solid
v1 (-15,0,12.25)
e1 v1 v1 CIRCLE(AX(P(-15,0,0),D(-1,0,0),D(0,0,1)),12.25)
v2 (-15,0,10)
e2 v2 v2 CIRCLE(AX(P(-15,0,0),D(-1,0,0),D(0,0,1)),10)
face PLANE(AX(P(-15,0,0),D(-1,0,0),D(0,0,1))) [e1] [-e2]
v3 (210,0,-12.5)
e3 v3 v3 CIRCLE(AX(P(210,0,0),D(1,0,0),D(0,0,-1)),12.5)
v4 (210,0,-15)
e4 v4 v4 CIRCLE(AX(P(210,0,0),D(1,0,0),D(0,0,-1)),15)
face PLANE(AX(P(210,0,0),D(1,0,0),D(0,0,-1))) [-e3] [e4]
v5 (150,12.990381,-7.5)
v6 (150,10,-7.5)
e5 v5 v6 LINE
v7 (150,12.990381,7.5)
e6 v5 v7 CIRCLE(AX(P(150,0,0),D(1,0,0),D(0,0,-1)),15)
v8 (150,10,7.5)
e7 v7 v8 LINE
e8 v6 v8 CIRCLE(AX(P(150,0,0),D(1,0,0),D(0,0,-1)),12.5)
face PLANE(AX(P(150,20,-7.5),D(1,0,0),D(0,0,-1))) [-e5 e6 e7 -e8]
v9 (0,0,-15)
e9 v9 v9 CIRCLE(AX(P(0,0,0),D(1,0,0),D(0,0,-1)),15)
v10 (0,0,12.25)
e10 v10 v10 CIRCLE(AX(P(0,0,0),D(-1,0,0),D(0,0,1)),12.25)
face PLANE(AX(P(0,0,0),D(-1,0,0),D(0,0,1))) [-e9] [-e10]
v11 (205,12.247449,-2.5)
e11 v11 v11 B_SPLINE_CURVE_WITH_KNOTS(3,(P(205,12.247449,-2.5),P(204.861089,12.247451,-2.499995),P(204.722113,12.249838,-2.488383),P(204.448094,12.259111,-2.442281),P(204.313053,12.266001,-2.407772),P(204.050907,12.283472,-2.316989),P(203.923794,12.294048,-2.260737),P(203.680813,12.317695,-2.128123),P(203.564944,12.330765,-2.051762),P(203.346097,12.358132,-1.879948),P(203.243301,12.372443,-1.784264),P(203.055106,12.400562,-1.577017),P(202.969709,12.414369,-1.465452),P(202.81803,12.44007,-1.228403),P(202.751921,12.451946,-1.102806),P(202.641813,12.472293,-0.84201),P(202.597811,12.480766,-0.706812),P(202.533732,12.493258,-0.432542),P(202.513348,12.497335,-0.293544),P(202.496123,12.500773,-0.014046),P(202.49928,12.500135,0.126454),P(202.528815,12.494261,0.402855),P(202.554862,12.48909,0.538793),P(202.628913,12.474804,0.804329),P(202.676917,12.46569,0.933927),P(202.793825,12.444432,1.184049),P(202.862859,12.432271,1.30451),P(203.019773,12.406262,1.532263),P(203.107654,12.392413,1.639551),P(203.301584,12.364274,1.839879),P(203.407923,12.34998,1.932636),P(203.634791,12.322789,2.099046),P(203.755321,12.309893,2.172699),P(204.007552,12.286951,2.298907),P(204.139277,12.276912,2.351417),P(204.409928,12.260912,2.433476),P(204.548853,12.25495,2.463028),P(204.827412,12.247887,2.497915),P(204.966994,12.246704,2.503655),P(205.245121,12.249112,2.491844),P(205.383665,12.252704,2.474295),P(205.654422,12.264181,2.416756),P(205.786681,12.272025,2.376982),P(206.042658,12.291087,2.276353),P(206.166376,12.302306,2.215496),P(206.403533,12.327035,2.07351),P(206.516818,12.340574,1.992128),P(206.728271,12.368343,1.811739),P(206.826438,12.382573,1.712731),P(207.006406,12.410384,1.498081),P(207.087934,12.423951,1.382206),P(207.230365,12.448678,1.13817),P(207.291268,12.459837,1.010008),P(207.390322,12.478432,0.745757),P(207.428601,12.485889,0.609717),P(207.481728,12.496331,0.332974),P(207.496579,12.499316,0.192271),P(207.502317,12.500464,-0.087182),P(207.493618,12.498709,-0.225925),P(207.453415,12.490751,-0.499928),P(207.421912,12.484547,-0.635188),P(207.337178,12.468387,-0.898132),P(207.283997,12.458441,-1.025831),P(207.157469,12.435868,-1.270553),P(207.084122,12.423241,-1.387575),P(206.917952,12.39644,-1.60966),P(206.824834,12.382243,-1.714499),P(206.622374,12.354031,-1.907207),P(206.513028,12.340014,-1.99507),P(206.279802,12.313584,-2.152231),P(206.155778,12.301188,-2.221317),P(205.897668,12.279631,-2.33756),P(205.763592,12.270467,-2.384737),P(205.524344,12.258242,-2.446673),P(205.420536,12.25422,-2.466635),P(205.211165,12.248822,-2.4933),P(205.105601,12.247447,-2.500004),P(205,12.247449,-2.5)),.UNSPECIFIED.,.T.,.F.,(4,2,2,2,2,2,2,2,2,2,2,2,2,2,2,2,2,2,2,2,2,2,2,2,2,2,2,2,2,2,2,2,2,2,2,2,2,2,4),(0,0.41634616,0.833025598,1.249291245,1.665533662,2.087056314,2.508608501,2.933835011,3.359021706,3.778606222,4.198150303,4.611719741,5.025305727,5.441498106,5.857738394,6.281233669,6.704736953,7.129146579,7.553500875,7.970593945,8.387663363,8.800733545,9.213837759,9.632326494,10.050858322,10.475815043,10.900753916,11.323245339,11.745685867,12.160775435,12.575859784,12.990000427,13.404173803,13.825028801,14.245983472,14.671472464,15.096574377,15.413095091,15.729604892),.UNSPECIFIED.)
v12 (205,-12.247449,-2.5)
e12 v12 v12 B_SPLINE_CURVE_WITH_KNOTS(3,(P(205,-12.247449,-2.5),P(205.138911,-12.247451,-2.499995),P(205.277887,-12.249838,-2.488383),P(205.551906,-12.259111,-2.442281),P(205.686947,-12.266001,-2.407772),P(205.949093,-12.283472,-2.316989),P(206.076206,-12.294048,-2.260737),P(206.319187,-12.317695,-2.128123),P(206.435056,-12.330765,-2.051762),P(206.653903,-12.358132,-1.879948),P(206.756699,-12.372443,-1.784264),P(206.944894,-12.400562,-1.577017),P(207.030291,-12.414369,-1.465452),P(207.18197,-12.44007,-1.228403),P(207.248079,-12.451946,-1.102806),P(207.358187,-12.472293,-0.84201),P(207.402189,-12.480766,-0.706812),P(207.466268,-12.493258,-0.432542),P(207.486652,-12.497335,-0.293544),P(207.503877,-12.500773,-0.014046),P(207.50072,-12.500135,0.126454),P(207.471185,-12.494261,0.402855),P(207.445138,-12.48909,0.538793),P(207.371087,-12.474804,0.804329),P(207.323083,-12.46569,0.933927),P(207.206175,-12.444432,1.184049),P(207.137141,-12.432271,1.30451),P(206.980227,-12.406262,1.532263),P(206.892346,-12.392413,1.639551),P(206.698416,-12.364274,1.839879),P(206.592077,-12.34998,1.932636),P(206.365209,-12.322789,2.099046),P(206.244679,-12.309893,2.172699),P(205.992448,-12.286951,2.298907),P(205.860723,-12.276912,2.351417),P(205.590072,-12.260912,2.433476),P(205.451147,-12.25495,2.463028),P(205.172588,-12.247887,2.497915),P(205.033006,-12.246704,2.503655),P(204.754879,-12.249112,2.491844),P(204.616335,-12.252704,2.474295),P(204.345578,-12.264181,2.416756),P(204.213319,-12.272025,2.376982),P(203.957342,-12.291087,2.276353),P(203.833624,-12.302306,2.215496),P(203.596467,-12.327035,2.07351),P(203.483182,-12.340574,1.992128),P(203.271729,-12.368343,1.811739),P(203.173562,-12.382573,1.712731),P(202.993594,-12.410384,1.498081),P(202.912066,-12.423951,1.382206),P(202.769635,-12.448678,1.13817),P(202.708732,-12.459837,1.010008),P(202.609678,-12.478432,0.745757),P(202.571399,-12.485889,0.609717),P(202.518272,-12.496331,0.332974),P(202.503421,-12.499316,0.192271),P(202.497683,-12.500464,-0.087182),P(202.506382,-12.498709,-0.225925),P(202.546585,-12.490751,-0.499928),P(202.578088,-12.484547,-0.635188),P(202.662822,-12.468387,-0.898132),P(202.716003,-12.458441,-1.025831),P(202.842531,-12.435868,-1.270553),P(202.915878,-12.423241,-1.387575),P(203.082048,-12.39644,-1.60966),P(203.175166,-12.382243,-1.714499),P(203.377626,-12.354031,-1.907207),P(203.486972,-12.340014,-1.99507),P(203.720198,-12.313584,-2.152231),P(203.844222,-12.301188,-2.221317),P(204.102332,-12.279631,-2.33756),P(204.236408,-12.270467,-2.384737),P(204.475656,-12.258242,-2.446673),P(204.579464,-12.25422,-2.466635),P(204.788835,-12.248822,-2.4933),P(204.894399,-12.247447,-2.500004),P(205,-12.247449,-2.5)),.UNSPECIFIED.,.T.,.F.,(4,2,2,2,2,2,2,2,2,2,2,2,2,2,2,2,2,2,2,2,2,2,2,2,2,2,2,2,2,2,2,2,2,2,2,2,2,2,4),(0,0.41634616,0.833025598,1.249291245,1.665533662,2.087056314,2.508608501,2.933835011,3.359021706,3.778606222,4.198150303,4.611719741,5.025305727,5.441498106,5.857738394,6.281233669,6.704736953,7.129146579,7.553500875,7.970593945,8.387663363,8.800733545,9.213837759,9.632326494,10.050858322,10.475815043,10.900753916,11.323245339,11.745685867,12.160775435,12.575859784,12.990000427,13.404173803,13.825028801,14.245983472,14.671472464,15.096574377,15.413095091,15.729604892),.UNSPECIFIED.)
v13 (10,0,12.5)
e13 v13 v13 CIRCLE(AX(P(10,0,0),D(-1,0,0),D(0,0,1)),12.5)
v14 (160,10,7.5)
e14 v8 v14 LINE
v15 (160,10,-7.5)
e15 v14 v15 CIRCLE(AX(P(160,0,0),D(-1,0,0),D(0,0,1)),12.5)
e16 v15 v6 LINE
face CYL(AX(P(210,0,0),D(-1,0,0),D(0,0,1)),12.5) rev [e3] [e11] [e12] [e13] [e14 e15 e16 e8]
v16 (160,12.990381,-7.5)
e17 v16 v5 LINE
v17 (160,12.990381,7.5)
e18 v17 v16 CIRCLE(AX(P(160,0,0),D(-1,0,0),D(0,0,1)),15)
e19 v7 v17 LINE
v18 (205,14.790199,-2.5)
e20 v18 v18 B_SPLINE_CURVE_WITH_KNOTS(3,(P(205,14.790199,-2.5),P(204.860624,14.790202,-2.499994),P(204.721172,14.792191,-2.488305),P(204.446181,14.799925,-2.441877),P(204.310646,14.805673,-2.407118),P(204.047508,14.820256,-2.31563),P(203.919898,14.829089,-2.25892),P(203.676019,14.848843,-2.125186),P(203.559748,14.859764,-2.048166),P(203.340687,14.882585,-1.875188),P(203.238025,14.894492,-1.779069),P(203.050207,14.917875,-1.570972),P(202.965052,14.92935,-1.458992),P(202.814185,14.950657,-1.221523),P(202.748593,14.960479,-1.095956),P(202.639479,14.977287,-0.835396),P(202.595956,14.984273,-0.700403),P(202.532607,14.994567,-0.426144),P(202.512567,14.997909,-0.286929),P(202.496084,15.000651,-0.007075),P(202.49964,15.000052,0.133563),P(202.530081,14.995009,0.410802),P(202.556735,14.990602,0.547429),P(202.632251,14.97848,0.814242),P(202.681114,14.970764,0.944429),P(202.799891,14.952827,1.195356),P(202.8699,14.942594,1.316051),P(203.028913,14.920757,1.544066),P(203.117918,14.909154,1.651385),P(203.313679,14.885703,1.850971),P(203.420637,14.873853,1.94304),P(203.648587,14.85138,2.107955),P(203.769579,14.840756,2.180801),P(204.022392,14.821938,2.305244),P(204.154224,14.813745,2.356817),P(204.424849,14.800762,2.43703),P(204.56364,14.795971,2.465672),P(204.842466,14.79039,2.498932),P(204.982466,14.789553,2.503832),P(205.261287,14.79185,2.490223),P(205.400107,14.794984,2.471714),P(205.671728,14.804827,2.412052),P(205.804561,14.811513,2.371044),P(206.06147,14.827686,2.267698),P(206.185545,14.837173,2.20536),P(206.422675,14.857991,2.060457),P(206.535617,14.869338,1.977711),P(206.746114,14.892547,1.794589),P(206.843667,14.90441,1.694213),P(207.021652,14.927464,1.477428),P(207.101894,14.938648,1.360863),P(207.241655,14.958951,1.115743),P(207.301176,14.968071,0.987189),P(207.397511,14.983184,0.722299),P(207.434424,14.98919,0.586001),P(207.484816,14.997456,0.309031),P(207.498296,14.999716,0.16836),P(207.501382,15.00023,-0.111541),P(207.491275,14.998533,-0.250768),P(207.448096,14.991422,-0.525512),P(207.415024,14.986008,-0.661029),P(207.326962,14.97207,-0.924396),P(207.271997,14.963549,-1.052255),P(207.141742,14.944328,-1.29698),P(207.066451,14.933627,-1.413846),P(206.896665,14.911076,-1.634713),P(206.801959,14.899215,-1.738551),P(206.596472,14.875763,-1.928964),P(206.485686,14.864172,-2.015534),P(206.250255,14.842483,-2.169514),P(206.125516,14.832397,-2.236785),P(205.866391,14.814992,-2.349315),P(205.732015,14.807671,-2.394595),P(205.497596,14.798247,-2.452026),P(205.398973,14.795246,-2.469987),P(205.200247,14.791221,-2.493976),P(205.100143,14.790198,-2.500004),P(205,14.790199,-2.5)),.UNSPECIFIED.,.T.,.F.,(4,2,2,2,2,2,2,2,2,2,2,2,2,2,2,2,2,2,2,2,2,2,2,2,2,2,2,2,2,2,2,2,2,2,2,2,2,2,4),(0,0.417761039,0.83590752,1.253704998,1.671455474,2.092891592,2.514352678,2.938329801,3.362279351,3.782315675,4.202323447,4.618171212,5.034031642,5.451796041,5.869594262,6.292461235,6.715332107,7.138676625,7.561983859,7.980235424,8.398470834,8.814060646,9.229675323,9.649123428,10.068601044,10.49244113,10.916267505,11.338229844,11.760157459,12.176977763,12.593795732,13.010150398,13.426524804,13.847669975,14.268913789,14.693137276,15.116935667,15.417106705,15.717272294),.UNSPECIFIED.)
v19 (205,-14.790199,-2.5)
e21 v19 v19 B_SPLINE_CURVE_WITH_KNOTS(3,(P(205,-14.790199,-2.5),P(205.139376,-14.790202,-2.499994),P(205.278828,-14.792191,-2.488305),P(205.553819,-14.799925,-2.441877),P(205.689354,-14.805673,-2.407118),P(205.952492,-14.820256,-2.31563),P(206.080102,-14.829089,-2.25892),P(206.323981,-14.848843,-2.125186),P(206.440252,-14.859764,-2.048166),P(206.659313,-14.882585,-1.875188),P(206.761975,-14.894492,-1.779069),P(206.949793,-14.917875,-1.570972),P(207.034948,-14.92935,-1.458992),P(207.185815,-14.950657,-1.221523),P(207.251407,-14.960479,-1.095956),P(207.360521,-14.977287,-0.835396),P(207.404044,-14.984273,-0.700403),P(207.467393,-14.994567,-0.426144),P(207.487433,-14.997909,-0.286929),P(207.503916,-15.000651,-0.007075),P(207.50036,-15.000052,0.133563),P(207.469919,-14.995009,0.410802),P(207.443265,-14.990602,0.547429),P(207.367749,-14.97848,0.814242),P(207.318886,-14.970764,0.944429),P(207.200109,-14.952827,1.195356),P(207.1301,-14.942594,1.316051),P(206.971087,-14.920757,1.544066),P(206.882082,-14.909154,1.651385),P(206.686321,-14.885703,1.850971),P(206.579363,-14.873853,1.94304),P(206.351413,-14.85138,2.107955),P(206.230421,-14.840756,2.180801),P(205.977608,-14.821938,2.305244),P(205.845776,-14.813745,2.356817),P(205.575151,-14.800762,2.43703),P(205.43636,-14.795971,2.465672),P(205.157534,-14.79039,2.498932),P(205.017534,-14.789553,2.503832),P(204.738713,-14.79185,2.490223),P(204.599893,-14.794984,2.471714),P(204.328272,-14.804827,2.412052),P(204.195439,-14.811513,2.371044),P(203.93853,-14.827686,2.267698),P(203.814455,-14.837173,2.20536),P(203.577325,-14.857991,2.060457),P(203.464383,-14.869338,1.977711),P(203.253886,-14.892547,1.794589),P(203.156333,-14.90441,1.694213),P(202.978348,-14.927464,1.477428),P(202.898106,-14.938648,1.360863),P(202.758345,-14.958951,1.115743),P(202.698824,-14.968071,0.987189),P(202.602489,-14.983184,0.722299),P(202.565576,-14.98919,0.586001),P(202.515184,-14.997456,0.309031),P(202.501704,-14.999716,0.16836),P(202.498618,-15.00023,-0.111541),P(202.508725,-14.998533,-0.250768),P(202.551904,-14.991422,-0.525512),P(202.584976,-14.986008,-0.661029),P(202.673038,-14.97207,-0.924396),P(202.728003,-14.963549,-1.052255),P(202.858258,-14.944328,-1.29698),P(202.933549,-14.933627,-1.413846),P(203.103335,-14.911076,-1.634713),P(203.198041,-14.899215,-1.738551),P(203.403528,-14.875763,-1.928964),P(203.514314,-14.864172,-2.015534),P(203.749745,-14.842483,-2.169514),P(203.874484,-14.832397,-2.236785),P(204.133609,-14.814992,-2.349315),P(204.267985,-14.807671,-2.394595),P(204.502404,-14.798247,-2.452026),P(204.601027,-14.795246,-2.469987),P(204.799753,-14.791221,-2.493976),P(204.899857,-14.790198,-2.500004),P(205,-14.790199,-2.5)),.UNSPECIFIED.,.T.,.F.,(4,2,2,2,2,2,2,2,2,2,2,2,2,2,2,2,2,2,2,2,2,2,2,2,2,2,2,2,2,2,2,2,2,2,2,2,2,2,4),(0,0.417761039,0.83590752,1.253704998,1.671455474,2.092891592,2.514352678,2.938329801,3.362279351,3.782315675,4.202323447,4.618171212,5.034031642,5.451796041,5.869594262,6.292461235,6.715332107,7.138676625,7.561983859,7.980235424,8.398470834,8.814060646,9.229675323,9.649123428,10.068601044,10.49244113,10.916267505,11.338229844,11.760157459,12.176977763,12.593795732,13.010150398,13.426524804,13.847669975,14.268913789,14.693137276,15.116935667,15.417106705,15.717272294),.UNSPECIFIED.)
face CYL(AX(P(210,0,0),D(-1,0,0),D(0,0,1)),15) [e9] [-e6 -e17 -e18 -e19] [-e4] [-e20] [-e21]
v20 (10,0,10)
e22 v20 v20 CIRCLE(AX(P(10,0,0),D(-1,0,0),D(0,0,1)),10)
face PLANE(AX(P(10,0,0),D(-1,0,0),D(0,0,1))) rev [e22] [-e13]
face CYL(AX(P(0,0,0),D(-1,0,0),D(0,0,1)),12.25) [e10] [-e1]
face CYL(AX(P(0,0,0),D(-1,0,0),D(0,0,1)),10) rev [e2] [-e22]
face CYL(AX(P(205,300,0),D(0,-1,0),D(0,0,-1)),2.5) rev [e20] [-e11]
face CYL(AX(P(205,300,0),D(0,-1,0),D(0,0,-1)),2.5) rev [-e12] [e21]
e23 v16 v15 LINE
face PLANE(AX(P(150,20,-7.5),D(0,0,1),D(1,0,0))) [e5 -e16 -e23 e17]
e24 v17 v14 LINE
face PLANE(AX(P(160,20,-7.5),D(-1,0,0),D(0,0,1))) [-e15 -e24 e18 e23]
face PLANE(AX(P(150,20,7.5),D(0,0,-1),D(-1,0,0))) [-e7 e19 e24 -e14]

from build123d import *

# Parameters (mm, degrees)
ESBO_O1_R                  = 15
ESBO_O1_R_2                = 12.5
RESSALTO_EXTRUS_O1_DEPTH   = 210
RESSALTO_EXTRUS_O3_START   = 15
ESBO_O2_R                  = 12.25
ESBO_O2_R_2                = 10
RESSALTO_EXTRUS_O3_DEPTH   = 15
CORTE_EXTRUS_O2_DEPTH      = 300
CORTE_EXTRUS_O2_DEPTH_BACK = 300
ESBO_O4_R                  = 2.5
ESBO_O6_W                  = 10
ESBO_O6_H                  = 15
CORTE_EXTRUS_O4_DEPTH      = 20
ESBO_O7_R                  = 12.5
RESSALTO_EXTRUS_O4_DEPTH   = 10
ESBO_O11_R                 = 10
CORTE_EXTRUS_O8_DEPTH      = 20


with BuildPart() as part:
    # Esboço1 → Ressalto-extrusão1 (new body)
    with BuildSketch(Plane(origin=(0, 0, 0), x_dir=(0, 0, -1), z_dir=(1, 0, 0))):
        Circle(ESBO_O1_R)
        Circle(ESBO_O1_R_2, mode=Mode.SUBTRACT)
    extrude(amount=RESSALTO_EXTRUS_O1_DEPTH)

    # Esboço4 → Corte-extrusão2 (cut, two sides: drawn at the far end of the back side and taken through both)
    with BuildSketch(Plane(origin=(0, 0, 0), x_dir=(1, 0, 0), z_dir=(0, 1, 0)).offset(-CORTE_EXTRUS_O2_DEPTH_BACK)):
        with Locations((205, 0)):
            Circle(ESBO_O4_R)
    extrude(amount=CORTE_EXTRUS_O2_DEPTH + CORTE_EXTRUS_O2_DEPTH_BACK, mode=Mode.SUBTRACT)

    # Esboço6 → Corte-extrusão4 (cut)
    with BuildSketch(Plane(origin=(0, 0, 0), x_dir=(1, 0, 0), z_dir=(0, 1, 0))):
        with Locations((155, 0)):
            Rectangle(ESBO_O6_W, ESBO_O6_H)
    extrude(amount=CORTE_EXTRUS_O4_DEPTH, mode=Mode.SUBTRACT)



with BuildPart() as body_2:
    # Esboço2 → Ressalto-extrusão3 (new body)
    with BuildSketch(Plane.ZY.offset(RESSALTO_EXTRUS_O3_START)):
        Circle(ESBO_O2_R)
        Circle(ESBO_O2_R_2, mode=Mode.SUBTRACT)
    extrude(amount=-RESSALTO_EXTRUS_O3_DEPTH)


with BuildPart() as part_1:
    add(part.part)

    add(body_2.part)  # Ressalto-extrusão4 merges body 2
    # Esboço7 → Ressalto-extrusão4 (add)
    with BuildSketch(Plane.ZY):
        Circle(ESBO_O7_R)
    extrude(amount=-RESSALTO_EXTRUS_O4_DEPTH)

    # Esboço11 → Corte-extrusão8 (cut)
    with BuildSketch(Plane.ZY):
        Circle(ESBO_O11_R)
    extrude(amount=-CORTE_EXTRUS_O8_DEPTH, mode=Mode.SUBTRACT)


solid = part_1.part
